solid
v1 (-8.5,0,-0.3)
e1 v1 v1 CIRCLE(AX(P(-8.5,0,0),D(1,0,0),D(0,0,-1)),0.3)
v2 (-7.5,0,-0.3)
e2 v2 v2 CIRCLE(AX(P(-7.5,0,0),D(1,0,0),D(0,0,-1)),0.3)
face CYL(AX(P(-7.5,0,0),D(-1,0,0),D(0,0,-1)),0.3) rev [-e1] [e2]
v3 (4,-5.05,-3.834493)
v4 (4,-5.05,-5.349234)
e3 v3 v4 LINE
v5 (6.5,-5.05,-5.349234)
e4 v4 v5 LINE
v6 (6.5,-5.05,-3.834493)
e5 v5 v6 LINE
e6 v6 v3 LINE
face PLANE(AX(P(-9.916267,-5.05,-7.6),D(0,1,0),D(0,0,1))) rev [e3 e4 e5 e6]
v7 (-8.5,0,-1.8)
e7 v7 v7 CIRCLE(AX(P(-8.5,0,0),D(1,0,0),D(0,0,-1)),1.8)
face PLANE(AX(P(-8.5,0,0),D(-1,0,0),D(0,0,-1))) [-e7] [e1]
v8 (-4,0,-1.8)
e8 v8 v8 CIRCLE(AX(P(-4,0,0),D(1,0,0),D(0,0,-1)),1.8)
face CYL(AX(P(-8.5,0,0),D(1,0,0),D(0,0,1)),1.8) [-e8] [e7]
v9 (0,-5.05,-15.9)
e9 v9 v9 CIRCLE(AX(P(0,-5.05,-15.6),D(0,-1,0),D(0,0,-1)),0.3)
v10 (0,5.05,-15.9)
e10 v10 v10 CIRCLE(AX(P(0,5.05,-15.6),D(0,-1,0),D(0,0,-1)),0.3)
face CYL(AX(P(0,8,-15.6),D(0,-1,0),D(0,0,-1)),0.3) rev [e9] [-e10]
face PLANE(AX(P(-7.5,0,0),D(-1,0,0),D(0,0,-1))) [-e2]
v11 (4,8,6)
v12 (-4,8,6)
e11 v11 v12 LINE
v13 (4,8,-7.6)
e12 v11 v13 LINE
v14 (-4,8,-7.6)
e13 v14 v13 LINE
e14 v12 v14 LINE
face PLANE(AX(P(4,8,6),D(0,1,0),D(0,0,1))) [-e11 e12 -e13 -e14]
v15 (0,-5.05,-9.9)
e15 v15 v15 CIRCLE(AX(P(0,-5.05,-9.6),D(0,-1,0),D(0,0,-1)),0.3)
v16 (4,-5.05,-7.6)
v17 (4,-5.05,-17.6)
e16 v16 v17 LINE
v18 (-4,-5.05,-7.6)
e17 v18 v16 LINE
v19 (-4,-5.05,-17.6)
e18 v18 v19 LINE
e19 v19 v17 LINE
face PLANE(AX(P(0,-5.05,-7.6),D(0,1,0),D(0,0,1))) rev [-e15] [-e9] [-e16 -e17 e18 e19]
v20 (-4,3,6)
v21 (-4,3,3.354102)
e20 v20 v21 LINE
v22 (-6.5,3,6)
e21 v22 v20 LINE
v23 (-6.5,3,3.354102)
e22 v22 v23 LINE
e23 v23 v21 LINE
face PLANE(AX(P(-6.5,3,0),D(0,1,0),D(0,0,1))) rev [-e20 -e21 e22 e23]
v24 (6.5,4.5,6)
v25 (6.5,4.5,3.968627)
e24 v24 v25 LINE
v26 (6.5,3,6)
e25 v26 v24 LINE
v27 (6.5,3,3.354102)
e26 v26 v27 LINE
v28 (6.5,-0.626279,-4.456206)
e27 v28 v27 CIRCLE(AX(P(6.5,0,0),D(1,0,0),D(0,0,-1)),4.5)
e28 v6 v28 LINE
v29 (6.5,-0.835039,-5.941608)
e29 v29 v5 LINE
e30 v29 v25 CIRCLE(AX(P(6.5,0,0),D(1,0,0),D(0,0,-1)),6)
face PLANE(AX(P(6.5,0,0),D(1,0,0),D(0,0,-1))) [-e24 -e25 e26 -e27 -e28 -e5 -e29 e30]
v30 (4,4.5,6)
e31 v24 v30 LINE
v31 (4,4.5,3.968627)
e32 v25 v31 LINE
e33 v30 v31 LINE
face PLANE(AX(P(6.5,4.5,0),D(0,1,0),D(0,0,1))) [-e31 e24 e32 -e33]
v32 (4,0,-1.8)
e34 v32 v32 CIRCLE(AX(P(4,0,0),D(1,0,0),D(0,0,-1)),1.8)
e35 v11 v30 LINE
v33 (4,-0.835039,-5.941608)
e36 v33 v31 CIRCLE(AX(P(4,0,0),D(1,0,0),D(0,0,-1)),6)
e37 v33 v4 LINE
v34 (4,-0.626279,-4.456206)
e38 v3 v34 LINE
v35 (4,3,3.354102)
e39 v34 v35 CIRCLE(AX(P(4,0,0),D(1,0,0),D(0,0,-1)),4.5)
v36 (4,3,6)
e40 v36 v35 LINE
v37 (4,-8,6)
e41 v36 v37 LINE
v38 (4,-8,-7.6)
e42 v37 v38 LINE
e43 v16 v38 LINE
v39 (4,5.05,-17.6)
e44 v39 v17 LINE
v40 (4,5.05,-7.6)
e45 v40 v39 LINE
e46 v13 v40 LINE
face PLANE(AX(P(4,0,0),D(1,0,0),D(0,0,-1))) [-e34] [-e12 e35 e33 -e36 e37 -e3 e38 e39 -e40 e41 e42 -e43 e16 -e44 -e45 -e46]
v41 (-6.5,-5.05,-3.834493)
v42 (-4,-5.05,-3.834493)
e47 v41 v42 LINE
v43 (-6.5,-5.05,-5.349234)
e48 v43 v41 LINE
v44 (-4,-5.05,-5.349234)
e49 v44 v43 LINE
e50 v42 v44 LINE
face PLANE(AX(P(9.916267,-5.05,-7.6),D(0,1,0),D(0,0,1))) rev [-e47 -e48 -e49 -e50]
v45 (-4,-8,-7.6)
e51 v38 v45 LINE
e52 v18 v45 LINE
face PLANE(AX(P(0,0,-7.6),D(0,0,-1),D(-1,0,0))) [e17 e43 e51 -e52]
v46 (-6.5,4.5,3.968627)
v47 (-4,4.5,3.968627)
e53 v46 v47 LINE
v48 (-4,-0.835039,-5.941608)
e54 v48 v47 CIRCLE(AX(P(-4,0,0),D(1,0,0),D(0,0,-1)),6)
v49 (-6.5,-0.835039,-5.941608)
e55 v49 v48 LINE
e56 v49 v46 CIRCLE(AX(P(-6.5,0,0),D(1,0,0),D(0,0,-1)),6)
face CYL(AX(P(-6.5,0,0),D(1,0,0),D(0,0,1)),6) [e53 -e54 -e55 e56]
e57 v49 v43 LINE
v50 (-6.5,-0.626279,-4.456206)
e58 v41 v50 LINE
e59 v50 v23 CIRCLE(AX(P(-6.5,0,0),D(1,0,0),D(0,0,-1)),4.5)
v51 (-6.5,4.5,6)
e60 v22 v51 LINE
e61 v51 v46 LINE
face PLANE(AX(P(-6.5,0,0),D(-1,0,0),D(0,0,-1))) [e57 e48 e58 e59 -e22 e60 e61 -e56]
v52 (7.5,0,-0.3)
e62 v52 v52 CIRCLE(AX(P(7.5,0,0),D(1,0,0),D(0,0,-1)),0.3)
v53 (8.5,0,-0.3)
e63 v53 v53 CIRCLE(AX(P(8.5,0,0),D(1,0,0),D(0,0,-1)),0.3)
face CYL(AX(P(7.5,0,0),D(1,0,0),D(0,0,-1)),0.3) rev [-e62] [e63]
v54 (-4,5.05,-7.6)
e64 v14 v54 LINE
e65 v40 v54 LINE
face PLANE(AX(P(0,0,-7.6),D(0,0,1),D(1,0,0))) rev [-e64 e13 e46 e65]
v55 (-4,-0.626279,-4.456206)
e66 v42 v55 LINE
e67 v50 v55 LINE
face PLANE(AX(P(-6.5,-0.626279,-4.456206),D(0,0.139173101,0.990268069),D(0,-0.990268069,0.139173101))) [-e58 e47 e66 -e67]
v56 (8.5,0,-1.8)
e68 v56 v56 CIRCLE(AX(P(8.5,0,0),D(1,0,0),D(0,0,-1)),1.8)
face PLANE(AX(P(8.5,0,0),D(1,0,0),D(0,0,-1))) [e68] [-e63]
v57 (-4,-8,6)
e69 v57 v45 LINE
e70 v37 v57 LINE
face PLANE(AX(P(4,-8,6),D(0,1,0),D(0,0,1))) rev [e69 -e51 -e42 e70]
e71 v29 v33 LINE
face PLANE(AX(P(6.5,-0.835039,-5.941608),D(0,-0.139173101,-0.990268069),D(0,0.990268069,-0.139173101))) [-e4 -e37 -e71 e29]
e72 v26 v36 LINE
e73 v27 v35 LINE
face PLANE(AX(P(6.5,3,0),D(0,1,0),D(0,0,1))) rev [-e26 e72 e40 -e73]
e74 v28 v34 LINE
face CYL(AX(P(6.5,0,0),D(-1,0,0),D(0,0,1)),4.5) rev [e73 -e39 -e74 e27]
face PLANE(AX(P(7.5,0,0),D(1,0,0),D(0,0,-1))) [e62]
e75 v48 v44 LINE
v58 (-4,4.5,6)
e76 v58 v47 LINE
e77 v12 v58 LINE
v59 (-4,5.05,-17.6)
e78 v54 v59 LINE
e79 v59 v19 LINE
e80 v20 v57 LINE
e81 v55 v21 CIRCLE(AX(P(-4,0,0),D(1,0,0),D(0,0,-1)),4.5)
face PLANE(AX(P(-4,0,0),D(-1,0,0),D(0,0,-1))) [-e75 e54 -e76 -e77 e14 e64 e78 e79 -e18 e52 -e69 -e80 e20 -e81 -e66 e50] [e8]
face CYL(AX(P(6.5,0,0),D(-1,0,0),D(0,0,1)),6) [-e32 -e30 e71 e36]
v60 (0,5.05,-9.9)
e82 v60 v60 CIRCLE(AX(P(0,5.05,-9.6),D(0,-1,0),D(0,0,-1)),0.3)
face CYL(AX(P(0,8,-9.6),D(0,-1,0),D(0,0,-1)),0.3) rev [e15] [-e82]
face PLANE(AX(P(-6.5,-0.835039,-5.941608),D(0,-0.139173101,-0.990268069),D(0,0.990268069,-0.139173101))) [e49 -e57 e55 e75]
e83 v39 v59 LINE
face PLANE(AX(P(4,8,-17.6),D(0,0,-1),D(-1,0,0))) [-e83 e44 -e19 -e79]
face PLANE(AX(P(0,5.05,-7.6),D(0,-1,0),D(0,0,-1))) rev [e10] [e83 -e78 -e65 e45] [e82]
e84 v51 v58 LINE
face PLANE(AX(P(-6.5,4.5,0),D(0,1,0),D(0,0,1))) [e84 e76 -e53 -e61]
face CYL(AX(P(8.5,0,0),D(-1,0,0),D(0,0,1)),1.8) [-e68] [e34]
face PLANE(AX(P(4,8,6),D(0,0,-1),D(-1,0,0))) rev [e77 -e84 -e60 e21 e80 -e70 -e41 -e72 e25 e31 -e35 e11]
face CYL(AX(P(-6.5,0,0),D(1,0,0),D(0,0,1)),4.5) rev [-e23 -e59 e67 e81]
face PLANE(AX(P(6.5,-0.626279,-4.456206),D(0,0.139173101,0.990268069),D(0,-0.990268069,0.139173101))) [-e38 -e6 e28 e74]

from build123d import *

# Parameters (mm, degrees)
SKETCH_2_W           = 23.6
SKETCH_2_H           = 16
EXTRUDE_1_DEPTH      = 4
EXTRUDE_START        = 4
EXTRUDE_3_DEPTH      = 4.5
SKETCH_5_R           = 0.3
CUT_EXTRUDE_10_DEPTH = 1
EXTRUDE_2_DEPTH      = 2.5
SKETCH_6_W           = 4
SKETCH_6_H           = 2.95
CUT_EXTRUDE_11_DEPTH = 10
SKETCH_7_R           = 0.3
CUT_EXTRUDE_12_DEPTH = 24.50132975
SKETCH_8_W           = 13.6
SKETCH_8_H           = 2.95
CUT_EXTRUDE_13_DEPTH = 2.5


with BuildPart() as part:
    # 草图2 → 凸台-拉伸1 (new body)
    with BuildSketch(Plane(origin=(0, 0, 0), x_dir=(0, 0, -1), z_dir=(1, 0, 0))):
        with Locations((5.8, 0)):
            Rectangle(SKETCH_2_W, SKETCH_2_H)
    extrude(amount=EXTRUDE_1_DEPTH)

    # 草图2<10> → 凸台-拉伸3 (add)
    with BuildSketch(Plane(origin=(0, 0, 0), x_dir=(0, 0, -1), z_dir=(1, 0, 0)).offset(EXTRUDE_START)):
        with BuildLine():
            ThreePointArc((0, -1.8), (1.272792206, -1.272792206), (1.8, 0))
            Line((1.8, 0), (0, 0))
            Line((0, 0), (0, -1.8))
        make_face()
        with BuildLine():
            Line((0, 0), (1.8, 0))
            ThreePointArc((1.8, 0), (1.272792206, 1.272792206), (0, 1.8))
            Line((0, 1.8), (0, 0))
        make_face()
        with BuildLine():
            Line((0, -1.8), (0, 0))
            Line((0, 0), (-1.8, 0))
            ThreePointArc((-1.8, 0), (-1.272792206, -1.272792206), (0, -1.8))
        make_face()
        with BuildLine():
            Line((-1.8, 0), (0, 0))
            Line((0, 0), (0, 1.8))
            ThreePointArc((0, 1.8), (-1.272792206, 1.272792206), (-1.8, 0))
        make_face()
    extrude(amount=EXTRUDE_3_DEPTH)

    # 草图5 → 切除-拉伸10 (cut)
    with BuildSketch(Plane(origin=(8.5, 0, 0), x_dir=(0, 0, -1), z_dir=(1, 0, 0))):
        Circle(SKETCH_5_R)
    extrude(amount=-CUT_EXTRUDE_10_DEPTH, mode=Mode.SUBTRACT)

    # 草图2<4> → 凸台-拉伸2 (add)
    with BuildSketch(Plane(origin=(0, 0, 0), x_dir=(0, 0, -1), z_dir=(1, 0, 0)).offset(EXTRUDE_START)):
        with BuildLine():
            ThreePointArc((-3.354101966, 3), (-1.837117307, 4.107919181), (0, 4.5))
            Line((0, 4.5), (-3.968626967, 4.5))
            ThreePointArc((-3.968626967, 4.5), (-4.643360347, 3.799895352), (-5.196152423, 3))
            Line((-5.196152423, 3), (-3.354101966, 3))
        make_face()
        with BuildLine():
            Line((0, 5), (1.8, 5))
            Line((1.8, 5), (1.8, 5.723635209))
            ThreePointArc((1.8, 5.723635209), (-1.245012655, 5.869407422), (-3.968626967, 4.5))
            Line((-3.968626967, 4.5), (0, 4.5))
            Line((0, 4.5), (0, 5))
        make_face()
        with BuildLine():
            ThreePointArc((0, 4.5), (0.919393397, 4.405078408), (1.8, 4.124318125))
            Line((1.8, 4.124318125), (1.8, 5))
            Line((1.8, 5), (0, 5))
            Line((0, 5), (0, 4.5))
        make_face()
        with BuildLine():
            ThreePointArc((1.8, 4.124318125), (3.764970119, 2.464751509), (4.5, 0))
            Line((4.5, 0), (6, 0))
            ThreePointArc((6, 0), (5.286764074, 2.837274331), (3.31662479, 5))
            Line((3.31662479, 5), (1.8, 5))
            Line((1.8, 5), (1.8, 4.124318125))
        make_face()
        with BuildLine():
            Line((1.8, 5.723635209), (1.8, 5))
            Line((1.8, 5), (3.31662479, 5))
            ThreePointArc((3.31662479, 5), (2.583771331, 5.415175501), (1.8, 5.723635209))
        make_face()
        with BuildLine():
            Line((6, 0), (4.5, 0))
            ThreePointArc((4.5, 0), (4.489038226, -0.313904132), (4.456206309, -0.626278954))
            Line((4.456206309, -0.626278954), (3.903880188, -4.556283516))
            ThreePointArc((3.903880188, -4.556283516), (5.262635021, -2.881782892), (5.941608412, -0.835038606))
            ThreePointArc((5.941608412, -0.835038606), (5.985384302, -0.418538842), (6, 0))
        make_face()
        with BuildLine():
            Line((5.356261262, -5), (5.941608412, -0.835038606))
            ThreePointArc((5.941608412, -0.835038606), (5.262635021, -2.881782892), (3.903880188, -4.556283516))
            Line((3.903880188, -4.556283516), (3.841519903, -5))
            Line((3.841519903, -5), (5.356261262, -5))
        make_face()
        Polygon((4.934638757, -8), (5.356261262, -5), (3.841519903, -5), (3.419897399, -8), align=None)
        with BuildLine():
            ThreePointArc((-5.196152423, 3), (-4.643360347, 3.799895352), (-3.968626967, 4.5))
            Line((-3.968626967, 4.5), (-6, 4.5))
            Line((-6, 4.5), (-6, 3))
            Line((-6, 3), (-5.196152423, 3))
        make_face()
    extrude(amount=EXTRUDE_2_DEPTH)

    # 草图6 → 切除-拉伸11 (cut)
    with BuildSketch(Plane(origin=(0, 0, -17.6), x_dir=(-1, 0, 0), z_dir=(0, 0, -1))):
        with Locations((-2, 6.525)):
            Rectangle(SKETCH_6_W, SKETCH_6_H)
        with Locations((-2, -6.525)):
            Rectangle(SKETCH_6_W, SKETCH_6_H)
    extrude(amount=-CUT_EXTRUDE_11_DEPTH, mode=Mode.SUBTRACT)

    # 草图7 → 切除-拉伸12 (cut, through all)
    with BuildSketch(Plane.XZ.offset(5.05)):
        with Locations((0, -9.6)):
            Circle(SKETCH_7_R)
        with Locations((0, -15.6)):
            Circle(SKETCH_7_R)
    extrude(amount=-CUT_EXTRUDE_12_DEPTH, mode=Mode.SUBTRACT)

    # 草图8 → 切除-拉伸13 (cut)
    with BuildSketch(Plane(origin=(6.5, 0, 0), x_dir=(0, 0, -1), z_dir=(1, 0, 0))):
        with Locations((0.8, -6.525)):
            Rectangle(SKETCH_8_W, SKETCH_8_H)
    extrude(amount=-CUT_EXTRUDE_13_DEPTH, mode=Mode.SUBTRACT)

    # 镜向1: part across plane


with BuildPart() as part_1:
    add(part.part)
    add(part.part.mirror(Plane(origin=(0, 0, 0), x_dir=(0, 0, 1), z_dir=(1, 0, 0))))


solid = part_1.part
